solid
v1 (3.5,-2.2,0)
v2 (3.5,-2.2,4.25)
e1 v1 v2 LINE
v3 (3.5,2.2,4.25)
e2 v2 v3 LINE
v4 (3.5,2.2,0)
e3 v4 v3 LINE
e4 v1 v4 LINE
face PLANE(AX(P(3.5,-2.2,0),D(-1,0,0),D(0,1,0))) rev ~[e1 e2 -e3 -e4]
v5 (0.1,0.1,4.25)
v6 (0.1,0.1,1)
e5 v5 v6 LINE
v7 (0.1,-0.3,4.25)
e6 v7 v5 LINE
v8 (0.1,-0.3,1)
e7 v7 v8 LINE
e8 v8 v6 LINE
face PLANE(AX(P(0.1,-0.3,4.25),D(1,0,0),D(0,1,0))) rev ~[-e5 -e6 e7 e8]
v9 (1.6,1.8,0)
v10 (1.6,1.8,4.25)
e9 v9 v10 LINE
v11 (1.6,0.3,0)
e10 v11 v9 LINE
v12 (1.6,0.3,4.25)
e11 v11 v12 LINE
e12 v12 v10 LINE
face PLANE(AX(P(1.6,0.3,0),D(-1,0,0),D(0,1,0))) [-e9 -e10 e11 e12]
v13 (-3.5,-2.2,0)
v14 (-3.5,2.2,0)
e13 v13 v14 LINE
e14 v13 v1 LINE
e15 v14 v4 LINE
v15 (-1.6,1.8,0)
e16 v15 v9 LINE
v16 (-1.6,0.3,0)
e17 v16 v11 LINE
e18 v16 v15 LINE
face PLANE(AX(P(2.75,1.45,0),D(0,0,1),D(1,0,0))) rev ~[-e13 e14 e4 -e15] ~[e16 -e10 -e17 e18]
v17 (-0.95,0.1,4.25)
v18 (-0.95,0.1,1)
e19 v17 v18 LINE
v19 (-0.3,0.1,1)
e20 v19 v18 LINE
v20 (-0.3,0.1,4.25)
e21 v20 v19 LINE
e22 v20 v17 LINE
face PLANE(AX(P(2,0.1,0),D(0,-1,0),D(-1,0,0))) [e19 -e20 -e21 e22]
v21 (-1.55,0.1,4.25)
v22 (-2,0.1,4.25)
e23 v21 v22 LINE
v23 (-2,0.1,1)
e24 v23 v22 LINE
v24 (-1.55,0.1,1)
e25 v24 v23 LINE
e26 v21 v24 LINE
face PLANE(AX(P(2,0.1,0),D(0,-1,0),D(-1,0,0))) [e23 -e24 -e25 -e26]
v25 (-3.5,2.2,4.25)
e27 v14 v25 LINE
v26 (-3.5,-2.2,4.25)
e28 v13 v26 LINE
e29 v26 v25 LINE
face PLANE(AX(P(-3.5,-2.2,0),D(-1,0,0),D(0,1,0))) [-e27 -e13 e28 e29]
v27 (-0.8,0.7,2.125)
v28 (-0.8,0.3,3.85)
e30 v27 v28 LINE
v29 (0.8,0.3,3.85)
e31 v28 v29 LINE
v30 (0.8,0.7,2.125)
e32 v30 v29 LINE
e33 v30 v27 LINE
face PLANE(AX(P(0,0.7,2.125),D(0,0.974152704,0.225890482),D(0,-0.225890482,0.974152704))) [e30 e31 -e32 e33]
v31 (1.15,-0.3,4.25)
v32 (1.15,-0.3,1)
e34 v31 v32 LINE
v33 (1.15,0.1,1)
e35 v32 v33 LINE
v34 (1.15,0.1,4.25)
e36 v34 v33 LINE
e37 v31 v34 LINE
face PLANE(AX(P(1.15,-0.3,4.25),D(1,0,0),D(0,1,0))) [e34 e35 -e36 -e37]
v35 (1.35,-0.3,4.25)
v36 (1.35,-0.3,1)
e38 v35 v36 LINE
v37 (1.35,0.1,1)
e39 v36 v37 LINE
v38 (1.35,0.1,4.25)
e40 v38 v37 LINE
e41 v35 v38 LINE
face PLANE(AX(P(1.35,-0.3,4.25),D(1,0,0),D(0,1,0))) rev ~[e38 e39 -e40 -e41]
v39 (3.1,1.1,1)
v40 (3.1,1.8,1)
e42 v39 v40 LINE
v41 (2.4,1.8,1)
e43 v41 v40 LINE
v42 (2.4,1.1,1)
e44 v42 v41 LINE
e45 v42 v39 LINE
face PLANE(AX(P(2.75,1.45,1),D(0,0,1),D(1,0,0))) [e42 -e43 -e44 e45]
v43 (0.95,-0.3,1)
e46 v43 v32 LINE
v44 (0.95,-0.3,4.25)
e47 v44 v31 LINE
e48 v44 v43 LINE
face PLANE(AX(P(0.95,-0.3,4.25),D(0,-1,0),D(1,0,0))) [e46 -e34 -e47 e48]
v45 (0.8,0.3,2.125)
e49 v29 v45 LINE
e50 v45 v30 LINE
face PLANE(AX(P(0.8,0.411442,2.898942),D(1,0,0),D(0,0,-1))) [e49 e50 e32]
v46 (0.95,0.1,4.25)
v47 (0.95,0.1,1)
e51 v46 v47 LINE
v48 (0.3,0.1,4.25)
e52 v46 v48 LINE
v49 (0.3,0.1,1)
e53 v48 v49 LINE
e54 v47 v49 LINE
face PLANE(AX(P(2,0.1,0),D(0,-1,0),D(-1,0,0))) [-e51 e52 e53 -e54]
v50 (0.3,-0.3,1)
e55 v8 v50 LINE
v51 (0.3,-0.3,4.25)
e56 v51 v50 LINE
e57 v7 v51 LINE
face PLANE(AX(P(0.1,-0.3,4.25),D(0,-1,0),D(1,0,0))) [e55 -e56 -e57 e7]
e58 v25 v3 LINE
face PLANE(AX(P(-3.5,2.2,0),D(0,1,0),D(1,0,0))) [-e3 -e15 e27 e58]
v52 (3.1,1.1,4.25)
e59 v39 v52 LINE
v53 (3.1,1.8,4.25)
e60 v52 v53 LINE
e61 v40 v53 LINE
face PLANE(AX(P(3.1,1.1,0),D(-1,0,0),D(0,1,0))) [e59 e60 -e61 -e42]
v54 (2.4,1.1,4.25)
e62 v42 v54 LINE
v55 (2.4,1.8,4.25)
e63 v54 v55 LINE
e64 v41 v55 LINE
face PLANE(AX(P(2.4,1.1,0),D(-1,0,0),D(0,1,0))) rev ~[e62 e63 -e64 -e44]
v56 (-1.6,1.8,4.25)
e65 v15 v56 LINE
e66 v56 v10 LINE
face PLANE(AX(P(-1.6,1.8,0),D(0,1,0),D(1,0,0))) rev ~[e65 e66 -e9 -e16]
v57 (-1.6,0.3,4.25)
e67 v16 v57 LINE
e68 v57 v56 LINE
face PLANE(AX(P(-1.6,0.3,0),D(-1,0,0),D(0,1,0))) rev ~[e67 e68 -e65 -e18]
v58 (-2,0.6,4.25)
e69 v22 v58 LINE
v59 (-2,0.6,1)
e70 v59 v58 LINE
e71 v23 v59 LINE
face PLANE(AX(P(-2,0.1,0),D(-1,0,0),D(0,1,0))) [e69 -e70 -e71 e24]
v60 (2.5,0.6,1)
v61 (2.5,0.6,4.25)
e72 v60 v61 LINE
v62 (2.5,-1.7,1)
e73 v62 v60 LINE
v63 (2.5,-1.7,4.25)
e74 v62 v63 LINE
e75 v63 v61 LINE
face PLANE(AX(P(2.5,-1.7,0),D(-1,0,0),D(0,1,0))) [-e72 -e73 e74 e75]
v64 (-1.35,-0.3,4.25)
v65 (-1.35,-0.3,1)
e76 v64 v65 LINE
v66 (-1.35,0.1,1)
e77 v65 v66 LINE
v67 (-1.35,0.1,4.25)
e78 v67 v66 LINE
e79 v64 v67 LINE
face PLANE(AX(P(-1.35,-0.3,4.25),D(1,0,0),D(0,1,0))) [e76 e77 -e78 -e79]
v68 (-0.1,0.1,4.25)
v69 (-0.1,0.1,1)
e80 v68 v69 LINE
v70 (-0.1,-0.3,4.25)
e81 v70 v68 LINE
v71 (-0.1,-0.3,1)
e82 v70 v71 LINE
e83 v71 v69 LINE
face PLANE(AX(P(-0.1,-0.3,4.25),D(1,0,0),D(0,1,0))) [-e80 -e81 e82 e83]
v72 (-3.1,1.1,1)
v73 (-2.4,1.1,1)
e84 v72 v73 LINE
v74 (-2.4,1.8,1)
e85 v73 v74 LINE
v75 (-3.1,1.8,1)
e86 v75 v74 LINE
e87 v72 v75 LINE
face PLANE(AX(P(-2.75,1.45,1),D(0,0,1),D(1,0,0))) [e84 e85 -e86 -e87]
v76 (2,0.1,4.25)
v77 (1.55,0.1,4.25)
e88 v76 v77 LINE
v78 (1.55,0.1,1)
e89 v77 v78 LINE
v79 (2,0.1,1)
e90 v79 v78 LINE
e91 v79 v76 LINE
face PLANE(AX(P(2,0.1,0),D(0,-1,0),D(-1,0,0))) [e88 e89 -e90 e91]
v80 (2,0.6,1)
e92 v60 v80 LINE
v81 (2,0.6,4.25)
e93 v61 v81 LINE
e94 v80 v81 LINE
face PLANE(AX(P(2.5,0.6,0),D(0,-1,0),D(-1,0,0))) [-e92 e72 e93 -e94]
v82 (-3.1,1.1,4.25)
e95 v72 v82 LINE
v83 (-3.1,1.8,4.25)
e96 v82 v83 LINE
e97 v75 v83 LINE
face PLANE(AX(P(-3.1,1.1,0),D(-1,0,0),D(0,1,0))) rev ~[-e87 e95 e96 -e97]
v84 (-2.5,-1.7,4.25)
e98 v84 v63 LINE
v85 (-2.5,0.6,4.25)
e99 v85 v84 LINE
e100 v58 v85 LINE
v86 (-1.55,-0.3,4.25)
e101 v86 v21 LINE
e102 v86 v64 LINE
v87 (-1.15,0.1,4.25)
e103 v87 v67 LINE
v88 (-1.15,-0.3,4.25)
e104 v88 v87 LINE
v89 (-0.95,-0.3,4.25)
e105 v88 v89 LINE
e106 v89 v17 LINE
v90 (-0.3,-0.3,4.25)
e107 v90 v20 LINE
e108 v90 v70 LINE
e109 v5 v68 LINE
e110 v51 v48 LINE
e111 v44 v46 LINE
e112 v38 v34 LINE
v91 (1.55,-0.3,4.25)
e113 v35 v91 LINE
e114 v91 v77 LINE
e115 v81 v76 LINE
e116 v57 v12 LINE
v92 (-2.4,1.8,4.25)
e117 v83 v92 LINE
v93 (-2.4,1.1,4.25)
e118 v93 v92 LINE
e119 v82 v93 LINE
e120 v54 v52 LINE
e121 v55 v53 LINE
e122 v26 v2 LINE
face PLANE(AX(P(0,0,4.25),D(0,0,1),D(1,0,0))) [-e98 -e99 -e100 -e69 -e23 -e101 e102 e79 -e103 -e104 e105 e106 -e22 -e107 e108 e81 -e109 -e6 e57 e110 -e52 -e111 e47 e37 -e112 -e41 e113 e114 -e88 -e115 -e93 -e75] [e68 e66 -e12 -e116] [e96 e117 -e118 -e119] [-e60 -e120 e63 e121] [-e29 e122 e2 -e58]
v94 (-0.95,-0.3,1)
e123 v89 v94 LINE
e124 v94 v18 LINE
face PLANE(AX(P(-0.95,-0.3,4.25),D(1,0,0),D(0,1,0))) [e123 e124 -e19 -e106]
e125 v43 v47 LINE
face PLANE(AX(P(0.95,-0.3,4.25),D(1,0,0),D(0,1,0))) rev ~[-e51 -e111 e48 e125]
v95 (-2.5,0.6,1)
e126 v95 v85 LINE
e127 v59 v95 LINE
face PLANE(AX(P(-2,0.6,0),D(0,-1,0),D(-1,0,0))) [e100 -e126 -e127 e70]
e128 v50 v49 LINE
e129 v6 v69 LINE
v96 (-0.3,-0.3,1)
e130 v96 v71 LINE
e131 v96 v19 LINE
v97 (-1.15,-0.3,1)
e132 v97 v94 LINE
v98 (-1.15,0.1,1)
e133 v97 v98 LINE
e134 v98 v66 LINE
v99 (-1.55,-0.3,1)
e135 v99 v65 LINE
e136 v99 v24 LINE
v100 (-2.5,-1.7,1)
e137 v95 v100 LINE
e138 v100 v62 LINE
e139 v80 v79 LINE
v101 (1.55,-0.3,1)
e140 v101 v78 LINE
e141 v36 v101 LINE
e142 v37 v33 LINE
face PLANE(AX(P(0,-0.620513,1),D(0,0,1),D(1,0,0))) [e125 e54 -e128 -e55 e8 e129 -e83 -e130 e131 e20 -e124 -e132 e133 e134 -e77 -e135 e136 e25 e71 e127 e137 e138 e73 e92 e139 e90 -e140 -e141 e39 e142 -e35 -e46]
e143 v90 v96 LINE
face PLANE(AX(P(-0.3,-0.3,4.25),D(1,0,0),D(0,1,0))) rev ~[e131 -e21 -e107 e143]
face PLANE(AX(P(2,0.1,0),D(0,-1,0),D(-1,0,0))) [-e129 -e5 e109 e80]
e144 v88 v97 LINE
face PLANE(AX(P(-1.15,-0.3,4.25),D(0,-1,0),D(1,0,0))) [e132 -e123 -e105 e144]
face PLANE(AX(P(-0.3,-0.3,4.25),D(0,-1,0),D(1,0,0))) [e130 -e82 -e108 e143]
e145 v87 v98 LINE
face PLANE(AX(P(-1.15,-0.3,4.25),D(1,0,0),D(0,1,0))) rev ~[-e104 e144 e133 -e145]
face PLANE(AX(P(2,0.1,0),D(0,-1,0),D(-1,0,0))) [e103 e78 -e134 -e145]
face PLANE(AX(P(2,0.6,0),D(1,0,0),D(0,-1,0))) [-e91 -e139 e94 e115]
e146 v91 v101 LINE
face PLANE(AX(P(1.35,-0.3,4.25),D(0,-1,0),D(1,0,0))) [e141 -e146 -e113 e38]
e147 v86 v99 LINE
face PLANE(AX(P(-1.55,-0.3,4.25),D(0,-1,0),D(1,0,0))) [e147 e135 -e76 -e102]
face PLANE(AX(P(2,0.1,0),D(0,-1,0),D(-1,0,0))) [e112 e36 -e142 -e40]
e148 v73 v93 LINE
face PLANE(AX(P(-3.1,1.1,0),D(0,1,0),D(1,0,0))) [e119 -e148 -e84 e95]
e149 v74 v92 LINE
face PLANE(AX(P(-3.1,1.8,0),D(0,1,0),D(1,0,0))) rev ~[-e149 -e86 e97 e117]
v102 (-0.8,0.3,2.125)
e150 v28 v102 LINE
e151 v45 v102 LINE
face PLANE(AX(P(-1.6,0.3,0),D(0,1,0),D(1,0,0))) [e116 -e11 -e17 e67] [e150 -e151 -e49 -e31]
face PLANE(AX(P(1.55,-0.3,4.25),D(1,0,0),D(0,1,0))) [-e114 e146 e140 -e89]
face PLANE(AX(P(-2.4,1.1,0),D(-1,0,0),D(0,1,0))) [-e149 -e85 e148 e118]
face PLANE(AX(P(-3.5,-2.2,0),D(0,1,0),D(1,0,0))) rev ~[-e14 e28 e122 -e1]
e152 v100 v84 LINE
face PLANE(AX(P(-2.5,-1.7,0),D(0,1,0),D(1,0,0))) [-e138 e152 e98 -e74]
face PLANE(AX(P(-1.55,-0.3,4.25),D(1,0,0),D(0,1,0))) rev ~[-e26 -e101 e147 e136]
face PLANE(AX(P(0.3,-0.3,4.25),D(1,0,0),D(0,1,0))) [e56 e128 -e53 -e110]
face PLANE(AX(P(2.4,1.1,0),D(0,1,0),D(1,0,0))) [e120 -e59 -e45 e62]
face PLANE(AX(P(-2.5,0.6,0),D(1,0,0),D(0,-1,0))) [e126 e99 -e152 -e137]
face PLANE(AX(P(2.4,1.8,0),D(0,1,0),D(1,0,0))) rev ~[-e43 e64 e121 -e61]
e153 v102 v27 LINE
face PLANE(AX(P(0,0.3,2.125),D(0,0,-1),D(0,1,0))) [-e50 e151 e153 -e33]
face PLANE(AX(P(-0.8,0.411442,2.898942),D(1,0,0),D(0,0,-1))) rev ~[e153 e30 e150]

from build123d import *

# Parameters (mm, degrees)
SKETCH1_W                = 7
SKETCH1_H                = 4.4
SKETCH1_W_2              = 0.7
SKETCH1_H_2              = 0.7
SKETCH1_W_3              = 3.2
SKETCH1_H_3              = 1.5
BOSS_EXTRUDE1_DEPTH      = 4.25
SKETCH1_2_W              = 0.7
SKETCH1_2_H              = 0.7
BOSS_EXTRUDE2_DEPTH      = 1
BOSS_EXTRUDE3_START      = 4.25
SKETCH3_W                = 0.2
SKETCH3_H                = 0.4
BOSS_EXTRUDE3_DEPTH      = 3.25
LPATTERN1_COUNT          = 3
LPATTERN1_PITCH          = 1.25
BOSS_EXTRUDE4_DEPTH      = 0.8
BOSS_EXTRUDE4_DEPTH_BACK = 0.8


with BuildPart() as part:
    # Sketch1 → Boss-Extrude1 (new body)
    with BuildSketch(Plane.XY):
        Rectangle(SKETCH1_W, SKETCH1_H)
        Polygon((-2.5, 0.6), (-2.5, -1.7), (2.5, -1.7), (2.5, 0.6), (2, 0.6), (2, 0.1), (-2, 0.1), (-2, 0.6), align=None, mode=Mode.SUBTRACT)
        with Locations((-2.75, 1.45)):
            Rectangle(SKETCH1_W_2, SKETCH1_H_2, mode=Mode.SUBTRACT)
        with Locations((2.75, 1.45)):
            Rectangle(SKETCH1_W_2, SKETCH1_H_2, mode=Mode.SUBTRACT)
        with Locations((0, 1.05)):
            Rectangle(SKETCH1_W_3, SKETCH1_H_3, mode=Mode.SUBTRACT)
    extrude(amount=BOSS_EXTRUDE1_DEPTH)

    # Sketch1<2> → Boss-Extrude2 (add)
    with BuildSketch(Plane.XY):
        with Locations((2.75, 1.45)):
            Rectangle(SKETCH1_2_W, SKETCH1_2_H)
        Polygon((-2, 0.1), (-2, 0.6), (-2.5, 0.6), (-2.5, -1.7), (2.5, -1.7), (2.5, 0.6), (2, 0.6), (2, 0.1), align=None)
        with Locations((-2.75, 1.45)):
            Rectangle(SKETCH1_2_W, SKETCH1_2_H)
    extrude(amount=BOSS_EXTRUDE2_DEPTH)

    # Sketch3 → Boss-Extrude3 (add)
    with BuildSketch(Plane.XY.offset(BOSS_EXTRUDE3_START)):
        with Locations((1.05, -0.1)):
            Rectangle(SKETCH3_W, SKETCH3_H)
        with Locations((1.45, -0.1)):
            Rectangle(SKETCH3_W, SKETCH3_H)
    boss_extrude3 = extrude(amount=-BOSS_EXTRUDE3_DEPTH)

    # LPattern1: Boss-Extrude3 ×3
    with Locations(*[(-i * LPATTERN1_PITCH, 0, 0) for i in range(1, LPATTERN1_COUNT)]):
        add(boss_extrude3)

    # Sketch4 → Boss-Extrude4 (add, two sides)
    with BuildSketch(Plane(origin=(0, 0, 0), x_dir=(0, 0, -1), z_dir=(1, 0, 0))) as boss_extrude4_sk:
        Polygon((-2.125, 0.7), (-3.85, 0.3), (-2.125, 0.3), align=None)
    extrude(amount=BOSS_EXTRUDE4_DEPTH)
    extrude(boss_extrude4_sk.sketch, amount=-BOSS_EXTRUDE4_DEPTH_BACK)


solid = part.part
